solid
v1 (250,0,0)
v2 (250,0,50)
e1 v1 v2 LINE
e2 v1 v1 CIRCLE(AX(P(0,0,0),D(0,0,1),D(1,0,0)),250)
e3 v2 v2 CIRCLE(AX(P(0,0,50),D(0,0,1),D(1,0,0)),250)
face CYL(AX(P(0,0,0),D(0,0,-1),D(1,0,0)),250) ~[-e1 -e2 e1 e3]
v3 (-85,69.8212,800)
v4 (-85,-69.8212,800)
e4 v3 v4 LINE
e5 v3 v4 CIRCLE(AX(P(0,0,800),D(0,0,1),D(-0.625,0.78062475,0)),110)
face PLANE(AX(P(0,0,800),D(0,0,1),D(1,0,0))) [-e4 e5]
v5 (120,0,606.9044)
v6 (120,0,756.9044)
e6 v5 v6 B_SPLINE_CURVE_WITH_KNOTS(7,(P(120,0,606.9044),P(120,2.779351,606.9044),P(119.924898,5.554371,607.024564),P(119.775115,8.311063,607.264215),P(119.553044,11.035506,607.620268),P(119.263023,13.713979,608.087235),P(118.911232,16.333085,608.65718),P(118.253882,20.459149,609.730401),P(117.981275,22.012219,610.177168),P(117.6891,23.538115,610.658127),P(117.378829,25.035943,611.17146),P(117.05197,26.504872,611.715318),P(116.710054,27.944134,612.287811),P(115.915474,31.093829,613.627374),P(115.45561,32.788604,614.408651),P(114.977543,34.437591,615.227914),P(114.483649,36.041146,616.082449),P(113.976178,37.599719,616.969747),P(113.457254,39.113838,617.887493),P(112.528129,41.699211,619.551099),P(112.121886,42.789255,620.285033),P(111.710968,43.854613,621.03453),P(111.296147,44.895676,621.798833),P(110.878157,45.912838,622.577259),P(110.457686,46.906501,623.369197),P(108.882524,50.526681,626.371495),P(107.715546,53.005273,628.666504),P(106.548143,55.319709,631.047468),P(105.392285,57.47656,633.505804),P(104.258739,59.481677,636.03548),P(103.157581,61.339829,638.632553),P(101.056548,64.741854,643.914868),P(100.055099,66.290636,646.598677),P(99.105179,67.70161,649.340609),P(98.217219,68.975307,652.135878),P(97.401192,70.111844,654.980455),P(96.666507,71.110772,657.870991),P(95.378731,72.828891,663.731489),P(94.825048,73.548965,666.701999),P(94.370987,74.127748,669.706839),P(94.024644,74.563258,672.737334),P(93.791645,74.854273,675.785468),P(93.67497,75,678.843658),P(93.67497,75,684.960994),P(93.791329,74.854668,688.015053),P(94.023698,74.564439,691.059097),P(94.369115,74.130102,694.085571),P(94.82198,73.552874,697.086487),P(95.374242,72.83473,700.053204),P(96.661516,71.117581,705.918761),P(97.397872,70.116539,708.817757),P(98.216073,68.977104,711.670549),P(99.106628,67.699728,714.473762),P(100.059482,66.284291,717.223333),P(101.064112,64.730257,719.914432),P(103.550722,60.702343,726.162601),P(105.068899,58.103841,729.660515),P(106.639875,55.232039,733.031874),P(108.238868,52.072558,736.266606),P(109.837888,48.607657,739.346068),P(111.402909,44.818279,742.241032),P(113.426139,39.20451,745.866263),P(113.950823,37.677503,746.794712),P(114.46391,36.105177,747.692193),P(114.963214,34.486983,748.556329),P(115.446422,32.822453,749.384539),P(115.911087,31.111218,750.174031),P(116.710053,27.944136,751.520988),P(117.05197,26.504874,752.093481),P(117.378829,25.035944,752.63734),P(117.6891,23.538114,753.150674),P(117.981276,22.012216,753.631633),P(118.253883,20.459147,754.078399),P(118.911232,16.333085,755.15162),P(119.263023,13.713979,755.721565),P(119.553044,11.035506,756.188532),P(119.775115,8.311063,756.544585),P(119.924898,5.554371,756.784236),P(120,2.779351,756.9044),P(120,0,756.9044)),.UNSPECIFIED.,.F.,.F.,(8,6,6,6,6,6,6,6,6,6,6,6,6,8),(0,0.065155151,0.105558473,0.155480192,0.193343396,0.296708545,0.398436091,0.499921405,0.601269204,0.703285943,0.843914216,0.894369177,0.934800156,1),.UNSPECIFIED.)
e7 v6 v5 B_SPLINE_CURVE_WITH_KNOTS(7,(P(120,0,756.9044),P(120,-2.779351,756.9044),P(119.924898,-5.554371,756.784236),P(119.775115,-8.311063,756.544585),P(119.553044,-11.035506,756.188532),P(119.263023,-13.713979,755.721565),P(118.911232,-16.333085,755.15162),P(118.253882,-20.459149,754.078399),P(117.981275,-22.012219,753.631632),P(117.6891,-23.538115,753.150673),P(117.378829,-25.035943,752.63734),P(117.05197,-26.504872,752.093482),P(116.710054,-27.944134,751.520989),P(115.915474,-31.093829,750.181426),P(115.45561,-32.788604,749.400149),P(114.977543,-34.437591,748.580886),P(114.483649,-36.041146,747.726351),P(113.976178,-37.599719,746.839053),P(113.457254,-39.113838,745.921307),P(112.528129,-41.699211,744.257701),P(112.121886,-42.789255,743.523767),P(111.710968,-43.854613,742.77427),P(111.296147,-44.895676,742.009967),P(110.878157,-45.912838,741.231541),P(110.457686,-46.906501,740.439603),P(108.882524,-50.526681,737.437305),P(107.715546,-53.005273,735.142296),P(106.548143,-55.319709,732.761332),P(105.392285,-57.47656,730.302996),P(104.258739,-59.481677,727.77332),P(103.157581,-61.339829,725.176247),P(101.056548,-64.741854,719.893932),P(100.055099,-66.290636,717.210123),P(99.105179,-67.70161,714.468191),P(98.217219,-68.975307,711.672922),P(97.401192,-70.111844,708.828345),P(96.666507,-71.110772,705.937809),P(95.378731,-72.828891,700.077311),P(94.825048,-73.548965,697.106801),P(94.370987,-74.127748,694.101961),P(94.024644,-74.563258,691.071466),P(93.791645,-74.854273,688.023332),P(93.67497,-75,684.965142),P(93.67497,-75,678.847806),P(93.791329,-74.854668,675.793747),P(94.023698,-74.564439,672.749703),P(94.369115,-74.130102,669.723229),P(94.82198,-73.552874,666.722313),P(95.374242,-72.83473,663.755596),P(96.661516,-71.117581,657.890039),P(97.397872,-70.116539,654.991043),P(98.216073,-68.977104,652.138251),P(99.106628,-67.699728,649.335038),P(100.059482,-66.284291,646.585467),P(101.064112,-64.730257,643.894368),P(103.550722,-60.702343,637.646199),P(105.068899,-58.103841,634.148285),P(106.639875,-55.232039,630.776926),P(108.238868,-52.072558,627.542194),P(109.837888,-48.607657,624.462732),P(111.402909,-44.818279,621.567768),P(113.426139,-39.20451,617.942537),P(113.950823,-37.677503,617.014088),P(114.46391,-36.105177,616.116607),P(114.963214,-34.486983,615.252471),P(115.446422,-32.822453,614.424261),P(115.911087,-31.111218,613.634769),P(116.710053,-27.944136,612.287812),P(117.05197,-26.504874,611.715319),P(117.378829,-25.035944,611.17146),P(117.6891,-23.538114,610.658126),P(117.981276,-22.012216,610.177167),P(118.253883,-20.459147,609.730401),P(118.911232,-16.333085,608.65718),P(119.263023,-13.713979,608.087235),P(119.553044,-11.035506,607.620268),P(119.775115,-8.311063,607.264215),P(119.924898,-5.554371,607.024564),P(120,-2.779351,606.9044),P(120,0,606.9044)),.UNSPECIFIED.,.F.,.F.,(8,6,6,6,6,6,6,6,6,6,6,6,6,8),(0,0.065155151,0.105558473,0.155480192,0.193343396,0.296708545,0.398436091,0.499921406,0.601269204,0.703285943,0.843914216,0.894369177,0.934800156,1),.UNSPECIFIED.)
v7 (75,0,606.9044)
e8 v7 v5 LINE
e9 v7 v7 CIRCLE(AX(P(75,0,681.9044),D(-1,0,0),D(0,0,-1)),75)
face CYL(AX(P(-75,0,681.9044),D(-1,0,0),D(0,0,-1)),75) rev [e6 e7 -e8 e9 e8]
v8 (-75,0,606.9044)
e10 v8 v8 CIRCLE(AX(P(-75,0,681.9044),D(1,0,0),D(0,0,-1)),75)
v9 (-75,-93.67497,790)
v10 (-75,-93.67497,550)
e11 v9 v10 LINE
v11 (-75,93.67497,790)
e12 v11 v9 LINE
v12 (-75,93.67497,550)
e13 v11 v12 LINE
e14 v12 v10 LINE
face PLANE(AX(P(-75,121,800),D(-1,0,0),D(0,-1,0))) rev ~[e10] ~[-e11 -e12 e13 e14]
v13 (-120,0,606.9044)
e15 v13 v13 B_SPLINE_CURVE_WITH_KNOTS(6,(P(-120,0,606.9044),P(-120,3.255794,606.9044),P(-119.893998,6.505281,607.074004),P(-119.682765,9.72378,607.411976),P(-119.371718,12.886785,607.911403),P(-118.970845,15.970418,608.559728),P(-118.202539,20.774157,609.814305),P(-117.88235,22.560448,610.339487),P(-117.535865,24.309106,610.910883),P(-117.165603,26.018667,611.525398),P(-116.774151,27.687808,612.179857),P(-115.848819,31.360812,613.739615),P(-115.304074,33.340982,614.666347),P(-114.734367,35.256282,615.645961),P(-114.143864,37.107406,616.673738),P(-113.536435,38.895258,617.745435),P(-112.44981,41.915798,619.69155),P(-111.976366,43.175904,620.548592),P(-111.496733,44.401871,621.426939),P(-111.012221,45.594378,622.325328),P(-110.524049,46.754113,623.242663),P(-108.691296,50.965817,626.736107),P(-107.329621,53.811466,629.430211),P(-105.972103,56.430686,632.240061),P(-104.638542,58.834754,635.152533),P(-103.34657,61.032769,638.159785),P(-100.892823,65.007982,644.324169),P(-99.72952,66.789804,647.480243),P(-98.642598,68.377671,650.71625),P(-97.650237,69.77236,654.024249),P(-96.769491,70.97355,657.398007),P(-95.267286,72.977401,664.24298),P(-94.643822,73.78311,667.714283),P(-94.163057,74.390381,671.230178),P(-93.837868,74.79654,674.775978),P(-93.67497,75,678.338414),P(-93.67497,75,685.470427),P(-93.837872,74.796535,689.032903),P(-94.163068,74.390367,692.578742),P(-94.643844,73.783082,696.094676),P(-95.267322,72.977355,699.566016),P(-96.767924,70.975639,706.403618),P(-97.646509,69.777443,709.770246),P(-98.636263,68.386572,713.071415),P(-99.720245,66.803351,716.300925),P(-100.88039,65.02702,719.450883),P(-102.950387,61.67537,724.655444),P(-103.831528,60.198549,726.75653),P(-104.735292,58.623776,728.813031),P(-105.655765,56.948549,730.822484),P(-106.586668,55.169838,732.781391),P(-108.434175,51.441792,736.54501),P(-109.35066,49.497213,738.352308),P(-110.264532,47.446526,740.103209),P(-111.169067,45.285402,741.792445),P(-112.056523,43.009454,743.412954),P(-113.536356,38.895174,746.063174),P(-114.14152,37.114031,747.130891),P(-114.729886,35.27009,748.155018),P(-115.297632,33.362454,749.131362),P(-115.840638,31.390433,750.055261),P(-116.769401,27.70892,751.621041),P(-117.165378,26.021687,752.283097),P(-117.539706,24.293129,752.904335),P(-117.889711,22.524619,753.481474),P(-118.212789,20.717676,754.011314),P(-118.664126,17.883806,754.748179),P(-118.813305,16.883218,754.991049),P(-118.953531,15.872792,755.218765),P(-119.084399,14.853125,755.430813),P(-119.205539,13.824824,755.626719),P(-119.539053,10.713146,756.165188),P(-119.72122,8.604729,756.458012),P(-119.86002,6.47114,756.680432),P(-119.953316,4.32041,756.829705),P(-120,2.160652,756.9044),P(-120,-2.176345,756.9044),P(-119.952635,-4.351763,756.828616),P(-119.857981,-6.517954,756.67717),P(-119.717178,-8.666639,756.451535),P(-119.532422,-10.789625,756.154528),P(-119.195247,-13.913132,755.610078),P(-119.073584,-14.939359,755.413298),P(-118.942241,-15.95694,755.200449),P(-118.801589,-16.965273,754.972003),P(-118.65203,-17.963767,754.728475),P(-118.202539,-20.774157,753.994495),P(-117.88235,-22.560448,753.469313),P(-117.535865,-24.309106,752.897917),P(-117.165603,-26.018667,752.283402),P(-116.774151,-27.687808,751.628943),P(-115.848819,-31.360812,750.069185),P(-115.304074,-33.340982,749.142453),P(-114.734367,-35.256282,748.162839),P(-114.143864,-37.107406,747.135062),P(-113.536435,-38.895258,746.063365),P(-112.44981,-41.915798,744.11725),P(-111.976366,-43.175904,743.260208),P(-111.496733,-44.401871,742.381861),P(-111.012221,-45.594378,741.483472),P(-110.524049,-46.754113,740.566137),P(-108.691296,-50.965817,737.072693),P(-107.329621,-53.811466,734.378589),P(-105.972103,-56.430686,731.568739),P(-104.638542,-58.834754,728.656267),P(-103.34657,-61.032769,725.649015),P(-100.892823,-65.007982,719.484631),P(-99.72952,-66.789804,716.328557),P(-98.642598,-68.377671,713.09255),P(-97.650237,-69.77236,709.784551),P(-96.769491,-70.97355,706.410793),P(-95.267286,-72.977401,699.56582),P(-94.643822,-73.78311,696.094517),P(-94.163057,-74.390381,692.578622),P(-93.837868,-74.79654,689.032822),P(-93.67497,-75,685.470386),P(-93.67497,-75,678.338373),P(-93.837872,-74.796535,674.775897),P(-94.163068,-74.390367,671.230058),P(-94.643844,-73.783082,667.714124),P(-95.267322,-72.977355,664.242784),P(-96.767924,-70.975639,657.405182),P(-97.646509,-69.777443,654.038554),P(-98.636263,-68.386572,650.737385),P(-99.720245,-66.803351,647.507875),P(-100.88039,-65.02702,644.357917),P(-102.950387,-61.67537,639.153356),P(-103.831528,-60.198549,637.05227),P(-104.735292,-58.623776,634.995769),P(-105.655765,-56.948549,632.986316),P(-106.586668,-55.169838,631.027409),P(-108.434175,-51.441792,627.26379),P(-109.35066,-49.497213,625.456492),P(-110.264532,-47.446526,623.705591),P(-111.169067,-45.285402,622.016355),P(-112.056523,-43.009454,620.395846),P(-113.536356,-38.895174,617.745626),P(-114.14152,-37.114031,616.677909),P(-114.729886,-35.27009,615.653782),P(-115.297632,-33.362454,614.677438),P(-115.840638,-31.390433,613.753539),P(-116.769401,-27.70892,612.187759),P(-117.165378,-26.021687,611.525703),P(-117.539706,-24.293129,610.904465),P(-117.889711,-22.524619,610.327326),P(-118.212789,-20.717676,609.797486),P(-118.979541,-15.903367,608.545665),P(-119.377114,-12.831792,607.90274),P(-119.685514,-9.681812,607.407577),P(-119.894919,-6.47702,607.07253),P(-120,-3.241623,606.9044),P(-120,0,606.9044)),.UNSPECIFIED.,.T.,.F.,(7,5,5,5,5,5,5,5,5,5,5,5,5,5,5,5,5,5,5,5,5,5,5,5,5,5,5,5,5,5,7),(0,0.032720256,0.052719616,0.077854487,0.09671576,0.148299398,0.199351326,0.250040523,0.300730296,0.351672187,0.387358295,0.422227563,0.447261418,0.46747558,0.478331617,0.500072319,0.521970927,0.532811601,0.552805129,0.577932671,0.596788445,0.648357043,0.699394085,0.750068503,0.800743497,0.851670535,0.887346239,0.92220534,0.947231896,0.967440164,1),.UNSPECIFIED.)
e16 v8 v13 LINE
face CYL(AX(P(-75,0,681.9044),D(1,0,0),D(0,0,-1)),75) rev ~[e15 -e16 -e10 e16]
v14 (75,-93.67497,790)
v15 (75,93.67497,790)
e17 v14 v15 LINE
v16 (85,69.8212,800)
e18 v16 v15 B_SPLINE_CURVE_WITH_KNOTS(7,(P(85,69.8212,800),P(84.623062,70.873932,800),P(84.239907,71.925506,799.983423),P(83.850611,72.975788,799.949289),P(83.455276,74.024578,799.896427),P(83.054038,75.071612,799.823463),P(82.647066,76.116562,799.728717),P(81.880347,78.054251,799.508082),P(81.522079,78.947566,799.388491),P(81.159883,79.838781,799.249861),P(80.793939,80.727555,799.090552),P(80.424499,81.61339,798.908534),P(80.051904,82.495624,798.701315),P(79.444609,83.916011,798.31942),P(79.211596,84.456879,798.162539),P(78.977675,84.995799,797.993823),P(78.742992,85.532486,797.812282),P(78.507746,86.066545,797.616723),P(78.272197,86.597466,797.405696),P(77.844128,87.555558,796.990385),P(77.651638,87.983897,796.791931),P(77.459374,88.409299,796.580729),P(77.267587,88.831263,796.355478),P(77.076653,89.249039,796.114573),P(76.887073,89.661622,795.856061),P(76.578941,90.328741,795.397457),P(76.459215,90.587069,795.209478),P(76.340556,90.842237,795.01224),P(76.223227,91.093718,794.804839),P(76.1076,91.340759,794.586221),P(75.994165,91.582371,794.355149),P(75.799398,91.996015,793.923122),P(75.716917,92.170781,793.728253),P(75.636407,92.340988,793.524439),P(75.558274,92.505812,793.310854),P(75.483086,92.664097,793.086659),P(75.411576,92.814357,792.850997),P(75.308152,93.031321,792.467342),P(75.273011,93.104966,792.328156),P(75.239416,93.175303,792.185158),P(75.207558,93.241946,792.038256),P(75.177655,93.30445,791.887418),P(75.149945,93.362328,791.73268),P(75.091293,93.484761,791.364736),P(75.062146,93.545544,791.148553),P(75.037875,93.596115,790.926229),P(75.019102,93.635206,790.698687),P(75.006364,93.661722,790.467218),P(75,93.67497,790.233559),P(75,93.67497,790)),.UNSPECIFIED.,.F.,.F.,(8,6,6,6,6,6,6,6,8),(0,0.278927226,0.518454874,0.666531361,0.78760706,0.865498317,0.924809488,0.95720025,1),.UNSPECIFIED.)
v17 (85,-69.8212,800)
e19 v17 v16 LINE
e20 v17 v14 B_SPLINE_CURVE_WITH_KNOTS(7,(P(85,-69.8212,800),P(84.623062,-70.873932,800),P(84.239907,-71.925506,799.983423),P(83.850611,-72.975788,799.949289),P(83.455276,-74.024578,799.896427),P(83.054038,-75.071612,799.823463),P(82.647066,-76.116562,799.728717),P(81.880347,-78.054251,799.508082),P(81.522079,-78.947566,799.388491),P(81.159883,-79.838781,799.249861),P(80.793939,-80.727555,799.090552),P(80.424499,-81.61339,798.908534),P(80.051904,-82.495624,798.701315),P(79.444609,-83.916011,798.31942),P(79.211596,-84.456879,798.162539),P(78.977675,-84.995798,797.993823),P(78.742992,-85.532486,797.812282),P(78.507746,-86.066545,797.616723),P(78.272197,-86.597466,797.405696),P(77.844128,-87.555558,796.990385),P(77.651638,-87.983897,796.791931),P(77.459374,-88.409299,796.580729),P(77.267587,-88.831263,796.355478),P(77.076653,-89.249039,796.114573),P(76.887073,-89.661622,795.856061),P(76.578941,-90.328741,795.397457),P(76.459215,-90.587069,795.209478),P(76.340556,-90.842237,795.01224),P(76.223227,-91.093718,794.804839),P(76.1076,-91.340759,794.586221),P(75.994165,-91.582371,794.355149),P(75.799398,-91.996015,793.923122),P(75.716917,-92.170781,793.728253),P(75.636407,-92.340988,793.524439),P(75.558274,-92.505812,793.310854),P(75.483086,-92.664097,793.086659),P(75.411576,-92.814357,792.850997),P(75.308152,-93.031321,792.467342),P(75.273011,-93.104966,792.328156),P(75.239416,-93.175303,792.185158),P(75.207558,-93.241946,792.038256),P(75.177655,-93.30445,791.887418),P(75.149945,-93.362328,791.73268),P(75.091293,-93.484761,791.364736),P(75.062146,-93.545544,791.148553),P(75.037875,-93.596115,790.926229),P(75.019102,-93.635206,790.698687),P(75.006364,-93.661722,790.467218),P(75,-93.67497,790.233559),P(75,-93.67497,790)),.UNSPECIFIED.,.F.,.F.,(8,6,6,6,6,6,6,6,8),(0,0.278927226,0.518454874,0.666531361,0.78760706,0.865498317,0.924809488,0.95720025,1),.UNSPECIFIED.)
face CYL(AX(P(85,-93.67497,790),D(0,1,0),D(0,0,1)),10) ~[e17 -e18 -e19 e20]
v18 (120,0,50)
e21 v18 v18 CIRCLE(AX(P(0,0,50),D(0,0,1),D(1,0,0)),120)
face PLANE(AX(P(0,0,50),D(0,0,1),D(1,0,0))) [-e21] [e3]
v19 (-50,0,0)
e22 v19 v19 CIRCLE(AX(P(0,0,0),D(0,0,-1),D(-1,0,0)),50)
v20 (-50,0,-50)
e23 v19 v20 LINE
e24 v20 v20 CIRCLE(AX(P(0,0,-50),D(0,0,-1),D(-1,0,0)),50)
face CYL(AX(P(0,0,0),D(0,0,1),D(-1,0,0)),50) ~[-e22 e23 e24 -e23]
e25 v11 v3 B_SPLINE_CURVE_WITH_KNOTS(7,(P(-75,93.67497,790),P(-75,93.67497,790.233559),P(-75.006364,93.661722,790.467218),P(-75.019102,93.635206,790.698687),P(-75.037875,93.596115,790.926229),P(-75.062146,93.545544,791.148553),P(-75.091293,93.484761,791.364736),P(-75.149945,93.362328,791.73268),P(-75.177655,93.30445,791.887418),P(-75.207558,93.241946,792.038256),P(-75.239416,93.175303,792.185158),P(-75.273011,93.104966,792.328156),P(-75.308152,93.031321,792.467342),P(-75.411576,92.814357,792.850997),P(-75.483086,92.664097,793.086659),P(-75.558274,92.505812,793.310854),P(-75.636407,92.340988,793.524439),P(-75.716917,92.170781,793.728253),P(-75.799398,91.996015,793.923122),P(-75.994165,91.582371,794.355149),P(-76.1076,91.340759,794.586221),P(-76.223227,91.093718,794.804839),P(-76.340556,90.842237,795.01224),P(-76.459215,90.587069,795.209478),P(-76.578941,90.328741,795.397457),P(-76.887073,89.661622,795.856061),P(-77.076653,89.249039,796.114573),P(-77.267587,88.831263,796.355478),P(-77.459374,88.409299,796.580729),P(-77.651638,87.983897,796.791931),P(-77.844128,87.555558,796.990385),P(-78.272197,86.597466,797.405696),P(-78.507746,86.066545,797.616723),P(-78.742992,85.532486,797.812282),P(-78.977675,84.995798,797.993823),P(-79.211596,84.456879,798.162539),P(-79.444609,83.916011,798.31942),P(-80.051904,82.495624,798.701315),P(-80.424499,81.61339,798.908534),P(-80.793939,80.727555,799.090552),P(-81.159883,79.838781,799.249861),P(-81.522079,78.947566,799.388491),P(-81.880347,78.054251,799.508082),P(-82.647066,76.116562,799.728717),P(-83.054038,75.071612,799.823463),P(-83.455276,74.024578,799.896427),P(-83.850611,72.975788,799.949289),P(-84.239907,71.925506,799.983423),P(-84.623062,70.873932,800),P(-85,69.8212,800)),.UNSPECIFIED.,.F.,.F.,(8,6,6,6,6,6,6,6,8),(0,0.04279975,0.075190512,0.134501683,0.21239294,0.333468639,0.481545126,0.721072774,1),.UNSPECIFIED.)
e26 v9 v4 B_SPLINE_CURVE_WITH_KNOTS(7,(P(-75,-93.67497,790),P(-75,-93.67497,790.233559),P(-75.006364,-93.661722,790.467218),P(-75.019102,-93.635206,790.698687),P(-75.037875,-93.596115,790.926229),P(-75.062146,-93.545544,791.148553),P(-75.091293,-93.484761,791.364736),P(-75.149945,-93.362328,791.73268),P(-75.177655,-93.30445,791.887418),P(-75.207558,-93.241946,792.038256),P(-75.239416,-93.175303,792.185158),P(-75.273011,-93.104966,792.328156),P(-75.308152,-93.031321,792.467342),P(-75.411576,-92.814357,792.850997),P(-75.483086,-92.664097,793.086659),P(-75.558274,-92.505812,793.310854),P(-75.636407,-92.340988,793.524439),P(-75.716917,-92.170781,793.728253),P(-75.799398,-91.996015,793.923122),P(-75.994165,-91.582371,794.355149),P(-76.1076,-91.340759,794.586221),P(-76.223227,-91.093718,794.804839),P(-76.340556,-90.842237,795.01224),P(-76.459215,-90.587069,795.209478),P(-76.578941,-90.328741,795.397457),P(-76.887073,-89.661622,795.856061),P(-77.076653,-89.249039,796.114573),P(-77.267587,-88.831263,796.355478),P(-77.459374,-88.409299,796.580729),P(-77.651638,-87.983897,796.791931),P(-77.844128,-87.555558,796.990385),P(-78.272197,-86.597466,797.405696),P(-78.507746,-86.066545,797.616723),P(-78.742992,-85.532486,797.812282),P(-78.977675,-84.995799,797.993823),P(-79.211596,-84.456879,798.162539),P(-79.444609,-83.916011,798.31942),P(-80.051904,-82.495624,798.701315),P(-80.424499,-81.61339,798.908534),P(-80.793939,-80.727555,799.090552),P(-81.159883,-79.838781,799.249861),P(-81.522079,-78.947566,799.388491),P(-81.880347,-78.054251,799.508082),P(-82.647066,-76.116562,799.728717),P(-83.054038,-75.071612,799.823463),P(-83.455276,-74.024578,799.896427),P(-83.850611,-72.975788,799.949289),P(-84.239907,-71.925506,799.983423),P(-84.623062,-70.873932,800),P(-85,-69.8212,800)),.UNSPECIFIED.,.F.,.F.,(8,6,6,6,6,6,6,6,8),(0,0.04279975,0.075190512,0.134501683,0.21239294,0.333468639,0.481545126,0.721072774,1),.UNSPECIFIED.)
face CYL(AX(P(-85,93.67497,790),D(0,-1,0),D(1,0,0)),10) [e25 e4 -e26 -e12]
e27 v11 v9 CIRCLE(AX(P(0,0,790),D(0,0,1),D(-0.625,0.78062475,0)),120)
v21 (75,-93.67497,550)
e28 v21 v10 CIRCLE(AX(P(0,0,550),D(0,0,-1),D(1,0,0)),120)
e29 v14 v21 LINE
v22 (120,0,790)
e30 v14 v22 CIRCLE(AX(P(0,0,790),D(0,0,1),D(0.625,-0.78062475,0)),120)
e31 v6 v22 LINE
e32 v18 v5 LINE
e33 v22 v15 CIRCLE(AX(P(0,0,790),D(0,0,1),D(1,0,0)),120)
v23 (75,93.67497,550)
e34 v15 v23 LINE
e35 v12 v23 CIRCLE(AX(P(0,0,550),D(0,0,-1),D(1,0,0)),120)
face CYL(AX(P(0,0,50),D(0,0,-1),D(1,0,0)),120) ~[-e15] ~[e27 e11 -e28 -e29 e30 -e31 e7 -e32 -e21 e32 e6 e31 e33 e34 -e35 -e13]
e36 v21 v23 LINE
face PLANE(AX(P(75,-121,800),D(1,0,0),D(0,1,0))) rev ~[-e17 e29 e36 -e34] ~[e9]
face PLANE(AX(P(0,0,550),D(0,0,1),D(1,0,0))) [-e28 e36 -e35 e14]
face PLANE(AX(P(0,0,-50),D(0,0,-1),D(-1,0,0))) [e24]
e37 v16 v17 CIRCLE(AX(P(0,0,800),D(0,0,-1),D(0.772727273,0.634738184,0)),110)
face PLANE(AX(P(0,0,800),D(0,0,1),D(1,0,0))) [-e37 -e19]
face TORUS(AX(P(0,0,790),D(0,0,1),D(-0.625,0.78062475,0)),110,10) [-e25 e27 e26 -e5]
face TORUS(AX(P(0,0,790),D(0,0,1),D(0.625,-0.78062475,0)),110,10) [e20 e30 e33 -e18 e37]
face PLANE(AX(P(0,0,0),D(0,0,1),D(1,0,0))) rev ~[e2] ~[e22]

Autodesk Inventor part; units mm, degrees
ref_plane "YZ Plane" through (0, 0, 0) normal (1, 0, 0) x (0, 1, 0)
ref_plane "XZ Plane" through (0, 0, 0) normal (0, 1, 0) x (-1, 0, 0)
ref_plane "XY Plane" through (0, 0, 0) normal (0, 0, 1) x (1, 0, 0)
sketch "Sketch1" plane through (0, 0, 0) normal (0, 0, 1) x (1, 0, 0)
  circle A0 centre (0, 0) radius 250
  dimension "d0" = 500
extrude "Extrusion1" add sketch "Sketch1" along normal blind 50
sketch "Sketch2" plane through (0, 0, 50) normal (0, 0, 1) x (1, 0, 0)
  circle A0 centre (0, 0) radius 120
  dimension "d3" = 240
extrude "Extrusion2" add sketch "Sketch2" along normal blind 750
sketch "Sketch3" plane through (0, 0, 800) normal (0, 0, 1) x (1, 0, 0)
  line L0 (-75, -121) -> (75, -121)
  line L1 (75, -121) -> (75, 121)
  line L2 (75, 121) -> (-75, 121)
  line L3 (-75, 121) -> (-75, -121)
  line L4 (-75, -121) -> (75, 121) construction
  line L5 (75, -121) -> (-75, 121) construction
  point P0 (0, 0)
  dimension "d6" = 150
  dimension "d7" = 150
  dimension "d8" = 121
extrude "Extrusion3" cut sketch "Sketch3" against normal blind 250
sketch "Sketch4" plane through (-75, -93.675, 800) normal (1, 0, 0) x (0, 0, -1)
  circle A0 centre (118.0956, 93.675) radius 75
  point P0 (800, 93.675)
  dimension "d11" = 150
extrude "Extrusion4" cut sketch "Sketch4" along normal mid plane 500
fillet "Fillet1" radius 10 5 edges at (-120, 0, 800) (-75, 0, 800) (75, 0, 800) (108.1665, -51.9615, 800) (108.1665, 51.9615, 800)
sketch "Sketch5" plane through (0, 0, 0) normal (0, 0, -1) x (-1, 0, 0)
  circle A0 centre (0, 0) radius 50
  dimension "d15" = 100
extrude "Extrusion5" add sketch "Sketch5" along normal blind 50
properties part number "Part1final" material "Steel, Carbon"
